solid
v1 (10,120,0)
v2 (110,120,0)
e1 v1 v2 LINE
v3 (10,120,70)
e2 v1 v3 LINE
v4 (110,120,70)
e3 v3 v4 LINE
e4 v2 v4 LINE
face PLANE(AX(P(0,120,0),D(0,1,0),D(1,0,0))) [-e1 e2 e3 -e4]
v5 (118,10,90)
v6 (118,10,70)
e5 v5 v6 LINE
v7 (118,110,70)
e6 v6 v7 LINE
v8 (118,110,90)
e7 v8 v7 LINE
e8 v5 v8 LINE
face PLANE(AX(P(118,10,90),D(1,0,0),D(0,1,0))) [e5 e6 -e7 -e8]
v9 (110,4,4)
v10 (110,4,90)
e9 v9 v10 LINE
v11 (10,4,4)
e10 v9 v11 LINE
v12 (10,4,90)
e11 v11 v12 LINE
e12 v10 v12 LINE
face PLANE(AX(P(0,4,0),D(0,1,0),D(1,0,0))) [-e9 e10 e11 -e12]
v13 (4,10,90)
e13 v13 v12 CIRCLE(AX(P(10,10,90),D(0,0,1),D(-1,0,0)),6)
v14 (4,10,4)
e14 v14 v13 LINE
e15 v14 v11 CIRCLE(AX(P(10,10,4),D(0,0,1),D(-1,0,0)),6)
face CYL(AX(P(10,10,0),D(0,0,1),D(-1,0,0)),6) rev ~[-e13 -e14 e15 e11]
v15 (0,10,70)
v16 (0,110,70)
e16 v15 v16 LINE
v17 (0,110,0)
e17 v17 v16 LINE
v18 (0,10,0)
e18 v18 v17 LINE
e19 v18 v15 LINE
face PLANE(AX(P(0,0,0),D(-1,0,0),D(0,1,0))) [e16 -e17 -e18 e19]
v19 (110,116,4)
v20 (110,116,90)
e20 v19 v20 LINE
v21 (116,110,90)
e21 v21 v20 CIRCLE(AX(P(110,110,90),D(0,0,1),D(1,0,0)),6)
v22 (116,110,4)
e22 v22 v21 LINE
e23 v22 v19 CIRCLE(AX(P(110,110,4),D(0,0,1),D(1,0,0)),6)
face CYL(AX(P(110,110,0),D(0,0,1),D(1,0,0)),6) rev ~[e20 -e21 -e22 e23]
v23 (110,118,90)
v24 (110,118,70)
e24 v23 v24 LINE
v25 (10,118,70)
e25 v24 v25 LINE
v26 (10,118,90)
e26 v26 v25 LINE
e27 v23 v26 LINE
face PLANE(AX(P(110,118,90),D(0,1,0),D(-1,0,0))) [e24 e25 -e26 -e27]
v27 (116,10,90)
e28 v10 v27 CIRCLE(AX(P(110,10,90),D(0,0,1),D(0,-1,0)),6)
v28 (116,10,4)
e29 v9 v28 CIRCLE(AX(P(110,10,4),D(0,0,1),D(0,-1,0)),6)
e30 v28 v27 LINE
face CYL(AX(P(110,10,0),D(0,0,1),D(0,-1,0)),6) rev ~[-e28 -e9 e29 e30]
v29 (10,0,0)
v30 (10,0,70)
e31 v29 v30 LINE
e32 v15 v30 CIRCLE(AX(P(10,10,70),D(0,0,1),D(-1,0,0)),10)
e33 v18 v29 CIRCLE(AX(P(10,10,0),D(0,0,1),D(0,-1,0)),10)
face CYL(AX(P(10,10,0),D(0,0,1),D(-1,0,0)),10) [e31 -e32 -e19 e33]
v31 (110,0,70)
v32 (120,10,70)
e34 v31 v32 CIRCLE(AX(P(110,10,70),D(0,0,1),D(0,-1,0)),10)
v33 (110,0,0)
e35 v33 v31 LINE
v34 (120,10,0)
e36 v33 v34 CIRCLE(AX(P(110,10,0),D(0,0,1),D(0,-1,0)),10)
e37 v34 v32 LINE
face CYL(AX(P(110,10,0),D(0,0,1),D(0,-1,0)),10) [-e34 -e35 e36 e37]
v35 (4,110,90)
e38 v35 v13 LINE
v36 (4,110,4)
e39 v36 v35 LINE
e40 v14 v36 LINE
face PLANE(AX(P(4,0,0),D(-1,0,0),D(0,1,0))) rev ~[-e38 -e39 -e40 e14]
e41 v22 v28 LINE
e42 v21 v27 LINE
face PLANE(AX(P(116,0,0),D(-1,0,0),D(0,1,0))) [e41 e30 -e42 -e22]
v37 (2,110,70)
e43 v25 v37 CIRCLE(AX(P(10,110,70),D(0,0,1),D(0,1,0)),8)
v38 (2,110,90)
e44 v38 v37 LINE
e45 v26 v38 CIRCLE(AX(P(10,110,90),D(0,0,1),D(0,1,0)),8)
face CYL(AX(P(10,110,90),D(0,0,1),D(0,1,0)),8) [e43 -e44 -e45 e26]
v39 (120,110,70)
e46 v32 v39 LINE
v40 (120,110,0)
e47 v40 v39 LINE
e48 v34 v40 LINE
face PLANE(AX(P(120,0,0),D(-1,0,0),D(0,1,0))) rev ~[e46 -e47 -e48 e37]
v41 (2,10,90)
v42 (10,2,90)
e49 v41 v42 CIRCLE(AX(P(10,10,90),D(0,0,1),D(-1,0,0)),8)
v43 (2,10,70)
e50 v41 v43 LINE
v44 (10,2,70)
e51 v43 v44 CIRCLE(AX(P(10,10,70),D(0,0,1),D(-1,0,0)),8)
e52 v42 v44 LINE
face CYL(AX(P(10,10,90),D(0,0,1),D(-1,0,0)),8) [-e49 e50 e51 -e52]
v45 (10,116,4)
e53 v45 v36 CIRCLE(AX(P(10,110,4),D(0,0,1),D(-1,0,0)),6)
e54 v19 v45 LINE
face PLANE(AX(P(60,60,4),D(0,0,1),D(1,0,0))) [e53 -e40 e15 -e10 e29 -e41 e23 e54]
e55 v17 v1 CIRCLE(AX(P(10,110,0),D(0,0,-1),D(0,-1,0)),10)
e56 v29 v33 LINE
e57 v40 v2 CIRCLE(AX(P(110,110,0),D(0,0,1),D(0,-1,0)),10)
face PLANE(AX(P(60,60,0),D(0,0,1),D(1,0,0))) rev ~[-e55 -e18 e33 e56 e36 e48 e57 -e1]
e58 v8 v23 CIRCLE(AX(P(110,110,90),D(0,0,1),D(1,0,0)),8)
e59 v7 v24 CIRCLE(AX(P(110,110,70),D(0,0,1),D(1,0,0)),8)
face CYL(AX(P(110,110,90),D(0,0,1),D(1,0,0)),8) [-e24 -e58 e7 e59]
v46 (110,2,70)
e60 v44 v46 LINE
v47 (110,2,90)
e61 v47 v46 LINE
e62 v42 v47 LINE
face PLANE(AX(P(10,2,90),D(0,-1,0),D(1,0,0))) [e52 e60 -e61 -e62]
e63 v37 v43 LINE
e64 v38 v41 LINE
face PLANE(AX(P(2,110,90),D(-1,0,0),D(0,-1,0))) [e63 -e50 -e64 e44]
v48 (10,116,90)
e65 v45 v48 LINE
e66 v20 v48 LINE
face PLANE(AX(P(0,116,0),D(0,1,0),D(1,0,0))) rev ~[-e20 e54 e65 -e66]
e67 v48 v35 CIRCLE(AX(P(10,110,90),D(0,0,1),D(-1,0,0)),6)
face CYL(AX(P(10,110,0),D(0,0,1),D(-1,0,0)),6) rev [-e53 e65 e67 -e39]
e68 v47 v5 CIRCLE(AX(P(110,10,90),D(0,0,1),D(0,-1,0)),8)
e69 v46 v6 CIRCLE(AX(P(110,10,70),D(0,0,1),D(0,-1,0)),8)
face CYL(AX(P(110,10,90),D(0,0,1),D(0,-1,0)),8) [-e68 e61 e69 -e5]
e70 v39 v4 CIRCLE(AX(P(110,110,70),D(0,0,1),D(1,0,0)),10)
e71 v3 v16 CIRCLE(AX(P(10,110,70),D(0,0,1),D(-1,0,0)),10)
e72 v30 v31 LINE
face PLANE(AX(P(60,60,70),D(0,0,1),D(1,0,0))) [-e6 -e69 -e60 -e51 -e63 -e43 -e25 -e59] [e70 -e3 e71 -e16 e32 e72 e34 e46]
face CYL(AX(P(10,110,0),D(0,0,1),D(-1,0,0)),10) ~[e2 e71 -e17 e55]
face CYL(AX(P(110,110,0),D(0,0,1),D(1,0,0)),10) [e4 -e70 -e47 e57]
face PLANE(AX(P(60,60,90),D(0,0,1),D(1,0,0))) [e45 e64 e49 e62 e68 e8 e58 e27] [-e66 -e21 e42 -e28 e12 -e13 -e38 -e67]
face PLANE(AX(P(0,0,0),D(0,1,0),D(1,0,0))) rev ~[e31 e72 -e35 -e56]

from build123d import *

# Parameters (mm, degrees)
SKETCH1_W           = 120
SKETCH1_H           = 120
BOSS_EXTRUDE2_DEPTH = 90
FILLET1_R           = 10
SHELL1_T            = -4
SKETCH2_OUTSIDE_W   = 160.418
SKETCH2_OUTSIDE_H   = 160.418
CUT_EXTRUDE1_DEPTH  = 20


with BuildPart() as part:
    # Sketch1 → Boss-Extrude2 (new body)
    with BuildSketch(Plane.XY):
        with Locations((60, 60)):
            Rectangle(SKETCH1_W, SKETCH1_H)
    extrude(amount=BOSS_EXTRUDE2_DEPTH)

    # Fillet1
    fillet1_edges = [part.edges().sort_by_distance(p)[0] for p in [
        (0, 120, 45),
        (120, 120, 45),
        (120, 0, 45),
        (0, 0, 45),
    ]]
    fillet(fillet1_edges, radius=FILLET1_R)

    # Shell1
    shell1_openings = [part.faces().sort_by_distance(p)[0] for p in [
        (60, 60, 90),
    ]]
    offset(amount=SHELL1_T, openings=shell1_openings, kind=Kind.INTERSECTION)

    # Sketch2 outside → Cut-Extrude1 (cut)
    with BuildSketch(Plane.XY.offset(90)):
        with Locations((60, 60)):
            Rectangle(SKETCH2_OUTSIDE_W, SKETCH2_OUTSIDE_H)
        with BuildLine():
            Line((10, 2), (110, 2))
            ThreePointArc((110, 2), (115.656854249, 4.343145751), (118, 10))
            Line((118, 10), (118, 110))
            ThreePointArc((118, 110), (115.656854249, 115.656854249), (110, 118))
            Line((110, 118), (10, 118))
            ThreePointArc((10, 118), (4.343145751, 115.656854249), (2, 110))
            Line((2, 110), (2, 10))
            ThreePointArc((2, 10), (4.343145751, 4.343145751), (10, 2))
        make_face(mode=Mode.SUBTRACT)
    extrude(amount=-CUT_EXTRUDE1_DEPTH, mode=Mode.SUBTRACT)


solid = part.part
